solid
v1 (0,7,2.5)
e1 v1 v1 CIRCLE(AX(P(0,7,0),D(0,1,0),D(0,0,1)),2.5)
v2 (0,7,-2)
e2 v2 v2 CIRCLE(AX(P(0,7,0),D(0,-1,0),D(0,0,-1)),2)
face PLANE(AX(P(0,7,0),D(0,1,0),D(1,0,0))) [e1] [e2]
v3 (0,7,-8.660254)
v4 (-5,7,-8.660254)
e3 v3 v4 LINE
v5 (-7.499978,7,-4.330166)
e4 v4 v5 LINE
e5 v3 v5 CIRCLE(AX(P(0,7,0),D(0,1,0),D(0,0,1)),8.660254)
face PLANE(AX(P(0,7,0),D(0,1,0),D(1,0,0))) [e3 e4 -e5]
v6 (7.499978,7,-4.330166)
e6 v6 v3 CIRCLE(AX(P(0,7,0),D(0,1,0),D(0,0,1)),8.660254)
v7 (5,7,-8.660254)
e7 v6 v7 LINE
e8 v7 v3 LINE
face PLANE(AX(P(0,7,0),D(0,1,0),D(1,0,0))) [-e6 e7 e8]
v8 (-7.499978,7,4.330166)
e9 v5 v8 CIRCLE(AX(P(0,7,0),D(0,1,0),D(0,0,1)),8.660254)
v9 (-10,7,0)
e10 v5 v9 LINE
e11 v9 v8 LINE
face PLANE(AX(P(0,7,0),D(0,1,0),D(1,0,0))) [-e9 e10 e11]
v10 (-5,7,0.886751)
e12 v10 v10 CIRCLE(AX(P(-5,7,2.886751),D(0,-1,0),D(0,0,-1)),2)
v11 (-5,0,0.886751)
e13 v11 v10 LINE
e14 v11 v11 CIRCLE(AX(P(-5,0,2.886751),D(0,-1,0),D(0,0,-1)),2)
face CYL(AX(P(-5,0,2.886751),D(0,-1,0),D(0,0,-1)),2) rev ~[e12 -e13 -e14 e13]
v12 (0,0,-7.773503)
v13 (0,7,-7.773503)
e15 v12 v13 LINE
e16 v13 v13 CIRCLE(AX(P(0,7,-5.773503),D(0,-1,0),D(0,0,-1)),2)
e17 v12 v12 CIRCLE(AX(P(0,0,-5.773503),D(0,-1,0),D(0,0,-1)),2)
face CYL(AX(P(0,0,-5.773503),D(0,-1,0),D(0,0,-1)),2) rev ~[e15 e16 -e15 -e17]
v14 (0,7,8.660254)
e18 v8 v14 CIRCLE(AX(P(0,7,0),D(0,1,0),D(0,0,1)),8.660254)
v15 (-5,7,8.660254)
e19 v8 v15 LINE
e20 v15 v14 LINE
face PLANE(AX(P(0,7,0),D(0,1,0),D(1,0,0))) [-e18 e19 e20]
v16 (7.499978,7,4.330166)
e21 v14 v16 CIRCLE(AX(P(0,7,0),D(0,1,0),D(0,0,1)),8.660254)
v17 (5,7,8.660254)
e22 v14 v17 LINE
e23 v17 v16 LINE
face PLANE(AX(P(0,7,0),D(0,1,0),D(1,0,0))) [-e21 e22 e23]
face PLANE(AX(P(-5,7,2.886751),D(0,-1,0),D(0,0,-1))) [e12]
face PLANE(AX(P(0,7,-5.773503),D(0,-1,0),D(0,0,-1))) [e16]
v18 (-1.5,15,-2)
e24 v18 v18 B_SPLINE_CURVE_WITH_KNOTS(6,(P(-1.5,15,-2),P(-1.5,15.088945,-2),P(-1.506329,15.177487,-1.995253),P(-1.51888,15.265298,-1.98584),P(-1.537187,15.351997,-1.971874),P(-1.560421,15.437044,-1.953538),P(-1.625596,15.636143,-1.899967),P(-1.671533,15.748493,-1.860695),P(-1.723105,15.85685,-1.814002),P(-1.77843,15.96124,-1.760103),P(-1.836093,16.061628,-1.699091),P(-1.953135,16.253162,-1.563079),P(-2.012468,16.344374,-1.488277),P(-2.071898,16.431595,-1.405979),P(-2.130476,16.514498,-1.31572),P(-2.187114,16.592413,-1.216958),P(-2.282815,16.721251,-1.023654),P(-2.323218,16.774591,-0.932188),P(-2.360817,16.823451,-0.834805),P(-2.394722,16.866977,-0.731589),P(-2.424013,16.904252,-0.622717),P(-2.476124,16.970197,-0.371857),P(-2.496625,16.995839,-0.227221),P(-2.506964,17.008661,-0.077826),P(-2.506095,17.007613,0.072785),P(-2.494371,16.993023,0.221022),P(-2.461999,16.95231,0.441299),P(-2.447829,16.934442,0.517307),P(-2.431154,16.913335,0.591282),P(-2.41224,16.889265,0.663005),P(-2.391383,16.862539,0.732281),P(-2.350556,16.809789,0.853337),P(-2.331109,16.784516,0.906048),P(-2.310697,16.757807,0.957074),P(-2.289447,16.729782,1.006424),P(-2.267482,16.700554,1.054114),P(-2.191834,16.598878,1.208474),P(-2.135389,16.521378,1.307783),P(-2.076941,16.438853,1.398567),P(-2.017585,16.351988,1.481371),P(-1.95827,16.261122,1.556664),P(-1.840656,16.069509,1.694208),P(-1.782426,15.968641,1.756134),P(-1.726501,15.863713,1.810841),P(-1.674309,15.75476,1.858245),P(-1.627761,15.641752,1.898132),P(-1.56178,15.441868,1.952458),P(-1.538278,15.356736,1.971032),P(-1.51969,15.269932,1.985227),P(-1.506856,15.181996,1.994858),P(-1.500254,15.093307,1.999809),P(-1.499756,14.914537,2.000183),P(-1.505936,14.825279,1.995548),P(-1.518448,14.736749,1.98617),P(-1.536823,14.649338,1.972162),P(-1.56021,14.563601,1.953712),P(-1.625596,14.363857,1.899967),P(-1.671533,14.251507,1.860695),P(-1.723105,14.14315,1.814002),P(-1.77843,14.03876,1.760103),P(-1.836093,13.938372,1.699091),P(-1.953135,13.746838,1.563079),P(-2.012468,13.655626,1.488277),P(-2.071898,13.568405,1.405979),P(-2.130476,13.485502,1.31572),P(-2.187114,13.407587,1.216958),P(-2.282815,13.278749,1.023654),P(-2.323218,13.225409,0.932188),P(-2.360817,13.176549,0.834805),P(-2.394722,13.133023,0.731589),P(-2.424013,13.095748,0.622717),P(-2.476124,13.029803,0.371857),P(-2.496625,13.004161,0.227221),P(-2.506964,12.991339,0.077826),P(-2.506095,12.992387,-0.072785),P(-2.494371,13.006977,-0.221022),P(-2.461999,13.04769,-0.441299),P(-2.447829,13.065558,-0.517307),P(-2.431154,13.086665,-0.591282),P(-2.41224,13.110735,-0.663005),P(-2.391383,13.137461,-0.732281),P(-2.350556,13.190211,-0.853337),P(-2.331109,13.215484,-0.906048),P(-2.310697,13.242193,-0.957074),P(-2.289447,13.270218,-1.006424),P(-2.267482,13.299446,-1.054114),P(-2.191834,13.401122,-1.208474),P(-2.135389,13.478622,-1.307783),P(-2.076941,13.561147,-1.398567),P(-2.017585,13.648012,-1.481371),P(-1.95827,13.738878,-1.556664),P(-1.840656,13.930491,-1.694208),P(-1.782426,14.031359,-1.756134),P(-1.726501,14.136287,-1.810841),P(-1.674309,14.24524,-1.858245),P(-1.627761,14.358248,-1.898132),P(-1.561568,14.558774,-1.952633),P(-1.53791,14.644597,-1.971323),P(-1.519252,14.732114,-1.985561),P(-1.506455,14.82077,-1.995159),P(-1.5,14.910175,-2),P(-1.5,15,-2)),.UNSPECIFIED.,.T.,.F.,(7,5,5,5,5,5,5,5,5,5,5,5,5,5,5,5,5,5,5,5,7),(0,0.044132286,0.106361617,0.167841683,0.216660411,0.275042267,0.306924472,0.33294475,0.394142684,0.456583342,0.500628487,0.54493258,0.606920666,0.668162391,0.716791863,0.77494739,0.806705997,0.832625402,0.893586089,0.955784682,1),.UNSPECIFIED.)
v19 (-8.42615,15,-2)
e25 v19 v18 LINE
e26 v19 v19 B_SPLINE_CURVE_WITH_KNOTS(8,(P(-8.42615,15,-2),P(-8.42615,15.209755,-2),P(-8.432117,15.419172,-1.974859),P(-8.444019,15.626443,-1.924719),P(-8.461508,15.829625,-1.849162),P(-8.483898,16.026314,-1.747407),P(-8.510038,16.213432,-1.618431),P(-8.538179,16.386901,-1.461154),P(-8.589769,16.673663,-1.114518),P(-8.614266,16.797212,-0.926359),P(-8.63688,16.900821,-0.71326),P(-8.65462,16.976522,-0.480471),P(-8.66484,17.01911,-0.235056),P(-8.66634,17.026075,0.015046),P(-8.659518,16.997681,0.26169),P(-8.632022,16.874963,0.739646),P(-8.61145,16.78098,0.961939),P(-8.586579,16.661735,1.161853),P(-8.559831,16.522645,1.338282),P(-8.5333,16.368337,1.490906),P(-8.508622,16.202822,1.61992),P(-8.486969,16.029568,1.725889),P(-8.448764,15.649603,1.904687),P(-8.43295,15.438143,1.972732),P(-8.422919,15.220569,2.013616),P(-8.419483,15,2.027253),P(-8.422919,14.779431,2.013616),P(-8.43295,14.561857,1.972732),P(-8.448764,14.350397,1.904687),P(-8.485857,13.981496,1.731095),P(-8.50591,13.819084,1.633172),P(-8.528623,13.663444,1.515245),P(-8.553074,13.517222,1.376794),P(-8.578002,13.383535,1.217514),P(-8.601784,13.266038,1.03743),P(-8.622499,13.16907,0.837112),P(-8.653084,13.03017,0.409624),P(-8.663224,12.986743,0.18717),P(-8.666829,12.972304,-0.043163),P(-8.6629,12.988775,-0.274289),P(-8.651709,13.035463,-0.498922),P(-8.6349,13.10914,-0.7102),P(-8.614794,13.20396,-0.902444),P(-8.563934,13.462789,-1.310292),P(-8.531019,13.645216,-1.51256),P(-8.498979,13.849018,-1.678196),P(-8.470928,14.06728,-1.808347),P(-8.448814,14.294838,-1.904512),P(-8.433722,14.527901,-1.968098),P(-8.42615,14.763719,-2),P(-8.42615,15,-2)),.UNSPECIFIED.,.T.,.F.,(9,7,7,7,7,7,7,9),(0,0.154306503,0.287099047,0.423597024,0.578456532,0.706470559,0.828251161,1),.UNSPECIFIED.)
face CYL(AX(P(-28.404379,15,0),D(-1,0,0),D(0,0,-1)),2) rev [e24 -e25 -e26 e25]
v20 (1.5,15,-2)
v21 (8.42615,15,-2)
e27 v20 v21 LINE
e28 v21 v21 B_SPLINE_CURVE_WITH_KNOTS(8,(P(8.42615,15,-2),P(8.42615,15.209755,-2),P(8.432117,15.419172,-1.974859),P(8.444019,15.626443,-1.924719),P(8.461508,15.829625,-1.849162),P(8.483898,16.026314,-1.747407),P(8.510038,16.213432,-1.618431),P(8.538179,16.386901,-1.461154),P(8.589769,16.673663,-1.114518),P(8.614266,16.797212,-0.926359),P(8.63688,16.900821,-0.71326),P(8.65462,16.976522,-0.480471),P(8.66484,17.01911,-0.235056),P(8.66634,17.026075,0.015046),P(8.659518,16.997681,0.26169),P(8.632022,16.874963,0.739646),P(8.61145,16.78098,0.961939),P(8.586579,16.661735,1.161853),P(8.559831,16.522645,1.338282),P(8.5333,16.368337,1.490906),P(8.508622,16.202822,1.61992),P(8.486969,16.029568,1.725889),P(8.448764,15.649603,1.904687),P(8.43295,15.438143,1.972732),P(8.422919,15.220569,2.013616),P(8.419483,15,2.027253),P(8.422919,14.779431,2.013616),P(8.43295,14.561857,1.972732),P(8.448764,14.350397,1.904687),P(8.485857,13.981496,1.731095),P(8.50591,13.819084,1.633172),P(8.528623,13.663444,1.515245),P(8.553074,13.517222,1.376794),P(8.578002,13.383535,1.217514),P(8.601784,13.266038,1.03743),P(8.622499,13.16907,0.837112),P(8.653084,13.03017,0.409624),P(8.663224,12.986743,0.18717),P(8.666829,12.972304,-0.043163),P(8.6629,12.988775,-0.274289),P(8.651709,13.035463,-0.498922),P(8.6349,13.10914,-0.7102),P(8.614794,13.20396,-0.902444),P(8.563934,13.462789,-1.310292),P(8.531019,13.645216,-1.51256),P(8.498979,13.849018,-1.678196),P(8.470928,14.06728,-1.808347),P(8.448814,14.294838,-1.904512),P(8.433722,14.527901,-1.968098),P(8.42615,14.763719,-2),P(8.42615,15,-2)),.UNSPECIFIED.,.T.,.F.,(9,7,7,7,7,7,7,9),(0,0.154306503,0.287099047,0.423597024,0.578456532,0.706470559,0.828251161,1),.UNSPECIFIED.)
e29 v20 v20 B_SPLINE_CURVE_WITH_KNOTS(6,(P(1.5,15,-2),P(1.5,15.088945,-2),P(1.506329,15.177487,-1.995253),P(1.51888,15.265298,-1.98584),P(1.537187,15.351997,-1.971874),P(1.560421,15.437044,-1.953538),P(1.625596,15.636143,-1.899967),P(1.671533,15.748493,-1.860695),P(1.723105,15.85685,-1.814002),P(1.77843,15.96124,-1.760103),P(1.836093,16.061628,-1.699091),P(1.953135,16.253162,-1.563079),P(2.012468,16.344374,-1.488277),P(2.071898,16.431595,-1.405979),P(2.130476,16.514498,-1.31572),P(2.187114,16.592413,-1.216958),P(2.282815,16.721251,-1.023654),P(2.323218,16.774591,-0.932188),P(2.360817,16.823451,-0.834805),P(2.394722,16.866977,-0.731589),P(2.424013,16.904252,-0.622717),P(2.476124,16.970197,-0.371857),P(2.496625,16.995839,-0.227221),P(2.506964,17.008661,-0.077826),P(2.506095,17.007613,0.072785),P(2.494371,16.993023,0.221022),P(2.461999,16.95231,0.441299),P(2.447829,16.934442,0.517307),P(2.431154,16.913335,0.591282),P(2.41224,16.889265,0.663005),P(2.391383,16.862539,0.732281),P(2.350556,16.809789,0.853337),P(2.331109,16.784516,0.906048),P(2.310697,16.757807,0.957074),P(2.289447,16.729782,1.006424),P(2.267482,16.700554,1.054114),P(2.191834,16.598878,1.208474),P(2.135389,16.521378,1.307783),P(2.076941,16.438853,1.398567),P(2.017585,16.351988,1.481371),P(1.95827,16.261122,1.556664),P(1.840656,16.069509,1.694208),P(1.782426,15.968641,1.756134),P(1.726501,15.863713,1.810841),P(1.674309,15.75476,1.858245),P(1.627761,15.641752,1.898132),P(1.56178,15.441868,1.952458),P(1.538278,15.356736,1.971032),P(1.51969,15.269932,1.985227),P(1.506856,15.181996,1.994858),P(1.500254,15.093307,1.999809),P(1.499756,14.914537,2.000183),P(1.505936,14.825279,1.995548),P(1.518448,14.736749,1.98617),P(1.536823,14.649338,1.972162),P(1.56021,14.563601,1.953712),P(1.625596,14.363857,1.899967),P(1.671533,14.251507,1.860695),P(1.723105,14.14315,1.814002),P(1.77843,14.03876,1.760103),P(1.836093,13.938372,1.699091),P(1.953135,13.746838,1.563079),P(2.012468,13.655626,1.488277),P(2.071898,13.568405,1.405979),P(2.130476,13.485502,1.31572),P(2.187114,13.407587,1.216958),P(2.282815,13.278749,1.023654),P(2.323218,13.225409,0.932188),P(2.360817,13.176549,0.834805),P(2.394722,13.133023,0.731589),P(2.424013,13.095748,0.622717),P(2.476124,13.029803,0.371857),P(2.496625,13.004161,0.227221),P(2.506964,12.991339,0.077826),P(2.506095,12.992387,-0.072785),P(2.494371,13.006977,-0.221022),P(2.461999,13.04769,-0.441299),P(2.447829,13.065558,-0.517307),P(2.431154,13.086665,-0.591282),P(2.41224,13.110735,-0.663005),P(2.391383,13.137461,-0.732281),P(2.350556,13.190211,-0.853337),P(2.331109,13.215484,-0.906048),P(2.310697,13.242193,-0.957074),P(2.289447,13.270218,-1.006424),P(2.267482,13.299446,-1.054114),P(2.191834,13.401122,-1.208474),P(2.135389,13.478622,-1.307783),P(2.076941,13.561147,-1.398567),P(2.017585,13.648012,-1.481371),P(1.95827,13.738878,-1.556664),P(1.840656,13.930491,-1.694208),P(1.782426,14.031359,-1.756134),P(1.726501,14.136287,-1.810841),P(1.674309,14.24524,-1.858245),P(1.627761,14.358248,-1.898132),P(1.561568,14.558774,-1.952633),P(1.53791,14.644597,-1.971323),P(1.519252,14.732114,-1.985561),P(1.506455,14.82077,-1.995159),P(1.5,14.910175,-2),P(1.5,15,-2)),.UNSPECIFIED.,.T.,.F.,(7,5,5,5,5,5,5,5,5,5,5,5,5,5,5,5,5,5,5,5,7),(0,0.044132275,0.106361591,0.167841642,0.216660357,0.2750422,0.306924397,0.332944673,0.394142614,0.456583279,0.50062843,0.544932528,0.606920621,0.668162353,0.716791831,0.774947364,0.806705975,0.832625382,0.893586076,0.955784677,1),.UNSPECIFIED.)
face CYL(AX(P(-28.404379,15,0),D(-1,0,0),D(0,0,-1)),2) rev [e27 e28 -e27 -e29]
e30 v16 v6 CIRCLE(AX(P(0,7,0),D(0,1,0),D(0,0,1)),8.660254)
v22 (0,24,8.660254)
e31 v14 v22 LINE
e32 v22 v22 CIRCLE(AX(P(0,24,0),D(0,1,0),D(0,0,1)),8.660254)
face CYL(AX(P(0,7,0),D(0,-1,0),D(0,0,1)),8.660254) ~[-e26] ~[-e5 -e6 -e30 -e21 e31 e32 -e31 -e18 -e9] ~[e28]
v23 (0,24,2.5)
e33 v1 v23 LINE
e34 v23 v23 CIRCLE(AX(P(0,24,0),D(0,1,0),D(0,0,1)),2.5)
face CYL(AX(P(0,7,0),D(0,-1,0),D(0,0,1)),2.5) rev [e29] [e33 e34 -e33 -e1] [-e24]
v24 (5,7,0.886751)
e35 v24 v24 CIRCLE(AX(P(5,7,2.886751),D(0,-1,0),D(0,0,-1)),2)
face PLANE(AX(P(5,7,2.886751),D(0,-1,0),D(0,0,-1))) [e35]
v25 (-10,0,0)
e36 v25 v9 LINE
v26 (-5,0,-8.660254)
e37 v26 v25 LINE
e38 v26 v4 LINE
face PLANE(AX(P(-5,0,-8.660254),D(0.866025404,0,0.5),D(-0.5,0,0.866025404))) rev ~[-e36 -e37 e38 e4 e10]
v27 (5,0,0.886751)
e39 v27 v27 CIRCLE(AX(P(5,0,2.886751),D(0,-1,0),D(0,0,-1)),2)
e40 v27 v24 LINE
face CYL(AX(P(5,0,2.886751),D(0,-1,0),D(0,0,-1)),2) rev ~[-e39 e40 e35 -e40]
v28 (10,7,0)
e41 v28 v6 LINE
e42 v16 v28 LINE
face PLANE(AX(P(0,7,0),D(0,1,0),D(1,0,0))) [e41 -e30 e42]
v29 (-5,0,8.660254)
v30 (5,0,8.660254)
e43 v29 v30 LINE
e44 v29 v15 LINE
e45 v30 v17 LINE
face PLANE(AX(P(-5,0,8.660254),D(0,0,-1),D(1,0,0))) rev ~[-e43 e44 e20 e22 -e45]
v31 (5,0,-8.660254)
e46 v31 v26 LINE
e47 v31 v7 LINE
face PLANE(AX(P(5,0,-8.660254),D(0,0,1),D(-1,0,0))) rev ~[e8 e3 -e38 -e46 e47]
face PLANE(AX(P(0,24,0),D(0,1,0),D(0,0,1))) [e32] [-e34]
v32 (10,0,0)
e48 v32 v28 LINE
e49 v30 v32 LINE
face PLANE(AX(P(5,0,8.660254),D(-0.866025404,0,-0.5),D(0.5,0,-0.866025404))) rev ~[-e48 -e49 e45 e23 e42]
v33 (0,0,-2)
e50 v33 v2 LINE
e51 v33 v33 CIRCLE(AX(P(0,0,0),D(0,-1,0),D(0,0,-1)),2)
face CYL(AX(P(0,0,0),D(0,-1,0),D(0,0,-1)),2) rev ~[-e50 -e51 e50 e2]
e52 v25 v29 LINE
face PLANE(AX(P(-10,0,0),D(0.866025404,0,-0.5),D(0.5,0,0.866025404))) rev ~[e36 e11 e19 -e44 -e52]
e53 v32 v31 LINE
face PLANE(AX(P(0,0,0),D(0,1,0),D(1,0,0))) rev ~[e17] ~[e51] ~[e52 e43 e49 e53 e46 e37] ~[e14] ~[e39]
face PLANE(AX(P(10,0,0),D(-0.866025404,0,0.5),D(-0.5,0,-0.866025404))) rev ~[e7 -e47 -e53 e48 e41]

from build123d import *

# Parameters (mm, degrees)
EXTRUDE_1_DEPTH          = 7
SKETCH_5_R               = 8.660254038
SKETCH_5_R_2             = 2.5
EXTRUDE_2_DEPTH          = 17
SKETCH_2_R               = 2
CUT_EXTRUDE_4_DEPTH      = 7
CUT_EXTRUDE_5_DEPTH      = 28.404379212
CUT_EXTRUDE_5_DEPTH_BACK = 28.404379212
SKETCH_6_R               = 2


with BuildPart() as part:
    # 草图1 → 凸台-拉伸1 (new body)
    with BuildSketch(Plane(origin=(0, 0, 0), x_dir=(1, 0, 0), z_dir=(0, 1, 0))):
        Polygon((10, 0), (5, 8.660254038), (-5, 8.660254038), (-10, 0), (-5, -8.660254038), (5, -8.660254038), align=None)
    extrude(amount=EXTRUDE_1_DEPTH)

    # 草图5 → 凸台-拉伸2 (add)
    with BuildSketch(Plane(origin=(0, 7, 0), x_dir=(1, 0, 0), z_dir=(0, 1, 0))):
        with Locations(Location((0, 0, 0), (0, 0, 270))):
            Circle(SKETCH_5_R)
        with Locations(Location((0, 0, 0), (0, 0, 270))):
            Circle(SKETCH_5_R_2, mode=Mode.SUBTRACT)
    extrude(amount=EXTRUDE_2_DEPTH)

    # 草图2 → 切除-拉伸4 (cut)
    with BuildSketch(Plane.XZ):
        with Locations(Location((0, 0, 0), (0, 0, 270))):
            Circle(SKETCH_2_R)
        with Locations(Location((-5, 2.886751346, 0), (0, 0, 270))):
            Circle(SKETCH_2_R)
        with Locations(Location((5, 2.886751346, 0), (0, 0, 270))):
            Circle(SKETCH_2_R)
        with Locations(Location((0, -5.773502692, 0), (0, 0, 270))):
            Circle(SKETCH_2_R)
    extrude(amount=-CUT_EXTRUDE_4_DEPTH, mode=Mode.SUBTRACT)

    # 草图6 → 切除-拉伸5 (cut, two sides: drawn at the far end of the back side and taken through both)
    with BuildSketch(Plane(origin=(0, 0, 0), x_dir=(0, 0, -1), z_dir=(1, 0, 0)).offset(-CUT_EXTRUDE_5_DEPTH_BACK)):
        with Locations((0, 15)):
            Circle(SKETCH_6_R)
    extrude(amount=CUT_EXTRUDE_5_DEPTH + CUT_EXTRUDE_5_DEPTH_BACK, mode=Mode.SUBTRACT)


solid = part.part
